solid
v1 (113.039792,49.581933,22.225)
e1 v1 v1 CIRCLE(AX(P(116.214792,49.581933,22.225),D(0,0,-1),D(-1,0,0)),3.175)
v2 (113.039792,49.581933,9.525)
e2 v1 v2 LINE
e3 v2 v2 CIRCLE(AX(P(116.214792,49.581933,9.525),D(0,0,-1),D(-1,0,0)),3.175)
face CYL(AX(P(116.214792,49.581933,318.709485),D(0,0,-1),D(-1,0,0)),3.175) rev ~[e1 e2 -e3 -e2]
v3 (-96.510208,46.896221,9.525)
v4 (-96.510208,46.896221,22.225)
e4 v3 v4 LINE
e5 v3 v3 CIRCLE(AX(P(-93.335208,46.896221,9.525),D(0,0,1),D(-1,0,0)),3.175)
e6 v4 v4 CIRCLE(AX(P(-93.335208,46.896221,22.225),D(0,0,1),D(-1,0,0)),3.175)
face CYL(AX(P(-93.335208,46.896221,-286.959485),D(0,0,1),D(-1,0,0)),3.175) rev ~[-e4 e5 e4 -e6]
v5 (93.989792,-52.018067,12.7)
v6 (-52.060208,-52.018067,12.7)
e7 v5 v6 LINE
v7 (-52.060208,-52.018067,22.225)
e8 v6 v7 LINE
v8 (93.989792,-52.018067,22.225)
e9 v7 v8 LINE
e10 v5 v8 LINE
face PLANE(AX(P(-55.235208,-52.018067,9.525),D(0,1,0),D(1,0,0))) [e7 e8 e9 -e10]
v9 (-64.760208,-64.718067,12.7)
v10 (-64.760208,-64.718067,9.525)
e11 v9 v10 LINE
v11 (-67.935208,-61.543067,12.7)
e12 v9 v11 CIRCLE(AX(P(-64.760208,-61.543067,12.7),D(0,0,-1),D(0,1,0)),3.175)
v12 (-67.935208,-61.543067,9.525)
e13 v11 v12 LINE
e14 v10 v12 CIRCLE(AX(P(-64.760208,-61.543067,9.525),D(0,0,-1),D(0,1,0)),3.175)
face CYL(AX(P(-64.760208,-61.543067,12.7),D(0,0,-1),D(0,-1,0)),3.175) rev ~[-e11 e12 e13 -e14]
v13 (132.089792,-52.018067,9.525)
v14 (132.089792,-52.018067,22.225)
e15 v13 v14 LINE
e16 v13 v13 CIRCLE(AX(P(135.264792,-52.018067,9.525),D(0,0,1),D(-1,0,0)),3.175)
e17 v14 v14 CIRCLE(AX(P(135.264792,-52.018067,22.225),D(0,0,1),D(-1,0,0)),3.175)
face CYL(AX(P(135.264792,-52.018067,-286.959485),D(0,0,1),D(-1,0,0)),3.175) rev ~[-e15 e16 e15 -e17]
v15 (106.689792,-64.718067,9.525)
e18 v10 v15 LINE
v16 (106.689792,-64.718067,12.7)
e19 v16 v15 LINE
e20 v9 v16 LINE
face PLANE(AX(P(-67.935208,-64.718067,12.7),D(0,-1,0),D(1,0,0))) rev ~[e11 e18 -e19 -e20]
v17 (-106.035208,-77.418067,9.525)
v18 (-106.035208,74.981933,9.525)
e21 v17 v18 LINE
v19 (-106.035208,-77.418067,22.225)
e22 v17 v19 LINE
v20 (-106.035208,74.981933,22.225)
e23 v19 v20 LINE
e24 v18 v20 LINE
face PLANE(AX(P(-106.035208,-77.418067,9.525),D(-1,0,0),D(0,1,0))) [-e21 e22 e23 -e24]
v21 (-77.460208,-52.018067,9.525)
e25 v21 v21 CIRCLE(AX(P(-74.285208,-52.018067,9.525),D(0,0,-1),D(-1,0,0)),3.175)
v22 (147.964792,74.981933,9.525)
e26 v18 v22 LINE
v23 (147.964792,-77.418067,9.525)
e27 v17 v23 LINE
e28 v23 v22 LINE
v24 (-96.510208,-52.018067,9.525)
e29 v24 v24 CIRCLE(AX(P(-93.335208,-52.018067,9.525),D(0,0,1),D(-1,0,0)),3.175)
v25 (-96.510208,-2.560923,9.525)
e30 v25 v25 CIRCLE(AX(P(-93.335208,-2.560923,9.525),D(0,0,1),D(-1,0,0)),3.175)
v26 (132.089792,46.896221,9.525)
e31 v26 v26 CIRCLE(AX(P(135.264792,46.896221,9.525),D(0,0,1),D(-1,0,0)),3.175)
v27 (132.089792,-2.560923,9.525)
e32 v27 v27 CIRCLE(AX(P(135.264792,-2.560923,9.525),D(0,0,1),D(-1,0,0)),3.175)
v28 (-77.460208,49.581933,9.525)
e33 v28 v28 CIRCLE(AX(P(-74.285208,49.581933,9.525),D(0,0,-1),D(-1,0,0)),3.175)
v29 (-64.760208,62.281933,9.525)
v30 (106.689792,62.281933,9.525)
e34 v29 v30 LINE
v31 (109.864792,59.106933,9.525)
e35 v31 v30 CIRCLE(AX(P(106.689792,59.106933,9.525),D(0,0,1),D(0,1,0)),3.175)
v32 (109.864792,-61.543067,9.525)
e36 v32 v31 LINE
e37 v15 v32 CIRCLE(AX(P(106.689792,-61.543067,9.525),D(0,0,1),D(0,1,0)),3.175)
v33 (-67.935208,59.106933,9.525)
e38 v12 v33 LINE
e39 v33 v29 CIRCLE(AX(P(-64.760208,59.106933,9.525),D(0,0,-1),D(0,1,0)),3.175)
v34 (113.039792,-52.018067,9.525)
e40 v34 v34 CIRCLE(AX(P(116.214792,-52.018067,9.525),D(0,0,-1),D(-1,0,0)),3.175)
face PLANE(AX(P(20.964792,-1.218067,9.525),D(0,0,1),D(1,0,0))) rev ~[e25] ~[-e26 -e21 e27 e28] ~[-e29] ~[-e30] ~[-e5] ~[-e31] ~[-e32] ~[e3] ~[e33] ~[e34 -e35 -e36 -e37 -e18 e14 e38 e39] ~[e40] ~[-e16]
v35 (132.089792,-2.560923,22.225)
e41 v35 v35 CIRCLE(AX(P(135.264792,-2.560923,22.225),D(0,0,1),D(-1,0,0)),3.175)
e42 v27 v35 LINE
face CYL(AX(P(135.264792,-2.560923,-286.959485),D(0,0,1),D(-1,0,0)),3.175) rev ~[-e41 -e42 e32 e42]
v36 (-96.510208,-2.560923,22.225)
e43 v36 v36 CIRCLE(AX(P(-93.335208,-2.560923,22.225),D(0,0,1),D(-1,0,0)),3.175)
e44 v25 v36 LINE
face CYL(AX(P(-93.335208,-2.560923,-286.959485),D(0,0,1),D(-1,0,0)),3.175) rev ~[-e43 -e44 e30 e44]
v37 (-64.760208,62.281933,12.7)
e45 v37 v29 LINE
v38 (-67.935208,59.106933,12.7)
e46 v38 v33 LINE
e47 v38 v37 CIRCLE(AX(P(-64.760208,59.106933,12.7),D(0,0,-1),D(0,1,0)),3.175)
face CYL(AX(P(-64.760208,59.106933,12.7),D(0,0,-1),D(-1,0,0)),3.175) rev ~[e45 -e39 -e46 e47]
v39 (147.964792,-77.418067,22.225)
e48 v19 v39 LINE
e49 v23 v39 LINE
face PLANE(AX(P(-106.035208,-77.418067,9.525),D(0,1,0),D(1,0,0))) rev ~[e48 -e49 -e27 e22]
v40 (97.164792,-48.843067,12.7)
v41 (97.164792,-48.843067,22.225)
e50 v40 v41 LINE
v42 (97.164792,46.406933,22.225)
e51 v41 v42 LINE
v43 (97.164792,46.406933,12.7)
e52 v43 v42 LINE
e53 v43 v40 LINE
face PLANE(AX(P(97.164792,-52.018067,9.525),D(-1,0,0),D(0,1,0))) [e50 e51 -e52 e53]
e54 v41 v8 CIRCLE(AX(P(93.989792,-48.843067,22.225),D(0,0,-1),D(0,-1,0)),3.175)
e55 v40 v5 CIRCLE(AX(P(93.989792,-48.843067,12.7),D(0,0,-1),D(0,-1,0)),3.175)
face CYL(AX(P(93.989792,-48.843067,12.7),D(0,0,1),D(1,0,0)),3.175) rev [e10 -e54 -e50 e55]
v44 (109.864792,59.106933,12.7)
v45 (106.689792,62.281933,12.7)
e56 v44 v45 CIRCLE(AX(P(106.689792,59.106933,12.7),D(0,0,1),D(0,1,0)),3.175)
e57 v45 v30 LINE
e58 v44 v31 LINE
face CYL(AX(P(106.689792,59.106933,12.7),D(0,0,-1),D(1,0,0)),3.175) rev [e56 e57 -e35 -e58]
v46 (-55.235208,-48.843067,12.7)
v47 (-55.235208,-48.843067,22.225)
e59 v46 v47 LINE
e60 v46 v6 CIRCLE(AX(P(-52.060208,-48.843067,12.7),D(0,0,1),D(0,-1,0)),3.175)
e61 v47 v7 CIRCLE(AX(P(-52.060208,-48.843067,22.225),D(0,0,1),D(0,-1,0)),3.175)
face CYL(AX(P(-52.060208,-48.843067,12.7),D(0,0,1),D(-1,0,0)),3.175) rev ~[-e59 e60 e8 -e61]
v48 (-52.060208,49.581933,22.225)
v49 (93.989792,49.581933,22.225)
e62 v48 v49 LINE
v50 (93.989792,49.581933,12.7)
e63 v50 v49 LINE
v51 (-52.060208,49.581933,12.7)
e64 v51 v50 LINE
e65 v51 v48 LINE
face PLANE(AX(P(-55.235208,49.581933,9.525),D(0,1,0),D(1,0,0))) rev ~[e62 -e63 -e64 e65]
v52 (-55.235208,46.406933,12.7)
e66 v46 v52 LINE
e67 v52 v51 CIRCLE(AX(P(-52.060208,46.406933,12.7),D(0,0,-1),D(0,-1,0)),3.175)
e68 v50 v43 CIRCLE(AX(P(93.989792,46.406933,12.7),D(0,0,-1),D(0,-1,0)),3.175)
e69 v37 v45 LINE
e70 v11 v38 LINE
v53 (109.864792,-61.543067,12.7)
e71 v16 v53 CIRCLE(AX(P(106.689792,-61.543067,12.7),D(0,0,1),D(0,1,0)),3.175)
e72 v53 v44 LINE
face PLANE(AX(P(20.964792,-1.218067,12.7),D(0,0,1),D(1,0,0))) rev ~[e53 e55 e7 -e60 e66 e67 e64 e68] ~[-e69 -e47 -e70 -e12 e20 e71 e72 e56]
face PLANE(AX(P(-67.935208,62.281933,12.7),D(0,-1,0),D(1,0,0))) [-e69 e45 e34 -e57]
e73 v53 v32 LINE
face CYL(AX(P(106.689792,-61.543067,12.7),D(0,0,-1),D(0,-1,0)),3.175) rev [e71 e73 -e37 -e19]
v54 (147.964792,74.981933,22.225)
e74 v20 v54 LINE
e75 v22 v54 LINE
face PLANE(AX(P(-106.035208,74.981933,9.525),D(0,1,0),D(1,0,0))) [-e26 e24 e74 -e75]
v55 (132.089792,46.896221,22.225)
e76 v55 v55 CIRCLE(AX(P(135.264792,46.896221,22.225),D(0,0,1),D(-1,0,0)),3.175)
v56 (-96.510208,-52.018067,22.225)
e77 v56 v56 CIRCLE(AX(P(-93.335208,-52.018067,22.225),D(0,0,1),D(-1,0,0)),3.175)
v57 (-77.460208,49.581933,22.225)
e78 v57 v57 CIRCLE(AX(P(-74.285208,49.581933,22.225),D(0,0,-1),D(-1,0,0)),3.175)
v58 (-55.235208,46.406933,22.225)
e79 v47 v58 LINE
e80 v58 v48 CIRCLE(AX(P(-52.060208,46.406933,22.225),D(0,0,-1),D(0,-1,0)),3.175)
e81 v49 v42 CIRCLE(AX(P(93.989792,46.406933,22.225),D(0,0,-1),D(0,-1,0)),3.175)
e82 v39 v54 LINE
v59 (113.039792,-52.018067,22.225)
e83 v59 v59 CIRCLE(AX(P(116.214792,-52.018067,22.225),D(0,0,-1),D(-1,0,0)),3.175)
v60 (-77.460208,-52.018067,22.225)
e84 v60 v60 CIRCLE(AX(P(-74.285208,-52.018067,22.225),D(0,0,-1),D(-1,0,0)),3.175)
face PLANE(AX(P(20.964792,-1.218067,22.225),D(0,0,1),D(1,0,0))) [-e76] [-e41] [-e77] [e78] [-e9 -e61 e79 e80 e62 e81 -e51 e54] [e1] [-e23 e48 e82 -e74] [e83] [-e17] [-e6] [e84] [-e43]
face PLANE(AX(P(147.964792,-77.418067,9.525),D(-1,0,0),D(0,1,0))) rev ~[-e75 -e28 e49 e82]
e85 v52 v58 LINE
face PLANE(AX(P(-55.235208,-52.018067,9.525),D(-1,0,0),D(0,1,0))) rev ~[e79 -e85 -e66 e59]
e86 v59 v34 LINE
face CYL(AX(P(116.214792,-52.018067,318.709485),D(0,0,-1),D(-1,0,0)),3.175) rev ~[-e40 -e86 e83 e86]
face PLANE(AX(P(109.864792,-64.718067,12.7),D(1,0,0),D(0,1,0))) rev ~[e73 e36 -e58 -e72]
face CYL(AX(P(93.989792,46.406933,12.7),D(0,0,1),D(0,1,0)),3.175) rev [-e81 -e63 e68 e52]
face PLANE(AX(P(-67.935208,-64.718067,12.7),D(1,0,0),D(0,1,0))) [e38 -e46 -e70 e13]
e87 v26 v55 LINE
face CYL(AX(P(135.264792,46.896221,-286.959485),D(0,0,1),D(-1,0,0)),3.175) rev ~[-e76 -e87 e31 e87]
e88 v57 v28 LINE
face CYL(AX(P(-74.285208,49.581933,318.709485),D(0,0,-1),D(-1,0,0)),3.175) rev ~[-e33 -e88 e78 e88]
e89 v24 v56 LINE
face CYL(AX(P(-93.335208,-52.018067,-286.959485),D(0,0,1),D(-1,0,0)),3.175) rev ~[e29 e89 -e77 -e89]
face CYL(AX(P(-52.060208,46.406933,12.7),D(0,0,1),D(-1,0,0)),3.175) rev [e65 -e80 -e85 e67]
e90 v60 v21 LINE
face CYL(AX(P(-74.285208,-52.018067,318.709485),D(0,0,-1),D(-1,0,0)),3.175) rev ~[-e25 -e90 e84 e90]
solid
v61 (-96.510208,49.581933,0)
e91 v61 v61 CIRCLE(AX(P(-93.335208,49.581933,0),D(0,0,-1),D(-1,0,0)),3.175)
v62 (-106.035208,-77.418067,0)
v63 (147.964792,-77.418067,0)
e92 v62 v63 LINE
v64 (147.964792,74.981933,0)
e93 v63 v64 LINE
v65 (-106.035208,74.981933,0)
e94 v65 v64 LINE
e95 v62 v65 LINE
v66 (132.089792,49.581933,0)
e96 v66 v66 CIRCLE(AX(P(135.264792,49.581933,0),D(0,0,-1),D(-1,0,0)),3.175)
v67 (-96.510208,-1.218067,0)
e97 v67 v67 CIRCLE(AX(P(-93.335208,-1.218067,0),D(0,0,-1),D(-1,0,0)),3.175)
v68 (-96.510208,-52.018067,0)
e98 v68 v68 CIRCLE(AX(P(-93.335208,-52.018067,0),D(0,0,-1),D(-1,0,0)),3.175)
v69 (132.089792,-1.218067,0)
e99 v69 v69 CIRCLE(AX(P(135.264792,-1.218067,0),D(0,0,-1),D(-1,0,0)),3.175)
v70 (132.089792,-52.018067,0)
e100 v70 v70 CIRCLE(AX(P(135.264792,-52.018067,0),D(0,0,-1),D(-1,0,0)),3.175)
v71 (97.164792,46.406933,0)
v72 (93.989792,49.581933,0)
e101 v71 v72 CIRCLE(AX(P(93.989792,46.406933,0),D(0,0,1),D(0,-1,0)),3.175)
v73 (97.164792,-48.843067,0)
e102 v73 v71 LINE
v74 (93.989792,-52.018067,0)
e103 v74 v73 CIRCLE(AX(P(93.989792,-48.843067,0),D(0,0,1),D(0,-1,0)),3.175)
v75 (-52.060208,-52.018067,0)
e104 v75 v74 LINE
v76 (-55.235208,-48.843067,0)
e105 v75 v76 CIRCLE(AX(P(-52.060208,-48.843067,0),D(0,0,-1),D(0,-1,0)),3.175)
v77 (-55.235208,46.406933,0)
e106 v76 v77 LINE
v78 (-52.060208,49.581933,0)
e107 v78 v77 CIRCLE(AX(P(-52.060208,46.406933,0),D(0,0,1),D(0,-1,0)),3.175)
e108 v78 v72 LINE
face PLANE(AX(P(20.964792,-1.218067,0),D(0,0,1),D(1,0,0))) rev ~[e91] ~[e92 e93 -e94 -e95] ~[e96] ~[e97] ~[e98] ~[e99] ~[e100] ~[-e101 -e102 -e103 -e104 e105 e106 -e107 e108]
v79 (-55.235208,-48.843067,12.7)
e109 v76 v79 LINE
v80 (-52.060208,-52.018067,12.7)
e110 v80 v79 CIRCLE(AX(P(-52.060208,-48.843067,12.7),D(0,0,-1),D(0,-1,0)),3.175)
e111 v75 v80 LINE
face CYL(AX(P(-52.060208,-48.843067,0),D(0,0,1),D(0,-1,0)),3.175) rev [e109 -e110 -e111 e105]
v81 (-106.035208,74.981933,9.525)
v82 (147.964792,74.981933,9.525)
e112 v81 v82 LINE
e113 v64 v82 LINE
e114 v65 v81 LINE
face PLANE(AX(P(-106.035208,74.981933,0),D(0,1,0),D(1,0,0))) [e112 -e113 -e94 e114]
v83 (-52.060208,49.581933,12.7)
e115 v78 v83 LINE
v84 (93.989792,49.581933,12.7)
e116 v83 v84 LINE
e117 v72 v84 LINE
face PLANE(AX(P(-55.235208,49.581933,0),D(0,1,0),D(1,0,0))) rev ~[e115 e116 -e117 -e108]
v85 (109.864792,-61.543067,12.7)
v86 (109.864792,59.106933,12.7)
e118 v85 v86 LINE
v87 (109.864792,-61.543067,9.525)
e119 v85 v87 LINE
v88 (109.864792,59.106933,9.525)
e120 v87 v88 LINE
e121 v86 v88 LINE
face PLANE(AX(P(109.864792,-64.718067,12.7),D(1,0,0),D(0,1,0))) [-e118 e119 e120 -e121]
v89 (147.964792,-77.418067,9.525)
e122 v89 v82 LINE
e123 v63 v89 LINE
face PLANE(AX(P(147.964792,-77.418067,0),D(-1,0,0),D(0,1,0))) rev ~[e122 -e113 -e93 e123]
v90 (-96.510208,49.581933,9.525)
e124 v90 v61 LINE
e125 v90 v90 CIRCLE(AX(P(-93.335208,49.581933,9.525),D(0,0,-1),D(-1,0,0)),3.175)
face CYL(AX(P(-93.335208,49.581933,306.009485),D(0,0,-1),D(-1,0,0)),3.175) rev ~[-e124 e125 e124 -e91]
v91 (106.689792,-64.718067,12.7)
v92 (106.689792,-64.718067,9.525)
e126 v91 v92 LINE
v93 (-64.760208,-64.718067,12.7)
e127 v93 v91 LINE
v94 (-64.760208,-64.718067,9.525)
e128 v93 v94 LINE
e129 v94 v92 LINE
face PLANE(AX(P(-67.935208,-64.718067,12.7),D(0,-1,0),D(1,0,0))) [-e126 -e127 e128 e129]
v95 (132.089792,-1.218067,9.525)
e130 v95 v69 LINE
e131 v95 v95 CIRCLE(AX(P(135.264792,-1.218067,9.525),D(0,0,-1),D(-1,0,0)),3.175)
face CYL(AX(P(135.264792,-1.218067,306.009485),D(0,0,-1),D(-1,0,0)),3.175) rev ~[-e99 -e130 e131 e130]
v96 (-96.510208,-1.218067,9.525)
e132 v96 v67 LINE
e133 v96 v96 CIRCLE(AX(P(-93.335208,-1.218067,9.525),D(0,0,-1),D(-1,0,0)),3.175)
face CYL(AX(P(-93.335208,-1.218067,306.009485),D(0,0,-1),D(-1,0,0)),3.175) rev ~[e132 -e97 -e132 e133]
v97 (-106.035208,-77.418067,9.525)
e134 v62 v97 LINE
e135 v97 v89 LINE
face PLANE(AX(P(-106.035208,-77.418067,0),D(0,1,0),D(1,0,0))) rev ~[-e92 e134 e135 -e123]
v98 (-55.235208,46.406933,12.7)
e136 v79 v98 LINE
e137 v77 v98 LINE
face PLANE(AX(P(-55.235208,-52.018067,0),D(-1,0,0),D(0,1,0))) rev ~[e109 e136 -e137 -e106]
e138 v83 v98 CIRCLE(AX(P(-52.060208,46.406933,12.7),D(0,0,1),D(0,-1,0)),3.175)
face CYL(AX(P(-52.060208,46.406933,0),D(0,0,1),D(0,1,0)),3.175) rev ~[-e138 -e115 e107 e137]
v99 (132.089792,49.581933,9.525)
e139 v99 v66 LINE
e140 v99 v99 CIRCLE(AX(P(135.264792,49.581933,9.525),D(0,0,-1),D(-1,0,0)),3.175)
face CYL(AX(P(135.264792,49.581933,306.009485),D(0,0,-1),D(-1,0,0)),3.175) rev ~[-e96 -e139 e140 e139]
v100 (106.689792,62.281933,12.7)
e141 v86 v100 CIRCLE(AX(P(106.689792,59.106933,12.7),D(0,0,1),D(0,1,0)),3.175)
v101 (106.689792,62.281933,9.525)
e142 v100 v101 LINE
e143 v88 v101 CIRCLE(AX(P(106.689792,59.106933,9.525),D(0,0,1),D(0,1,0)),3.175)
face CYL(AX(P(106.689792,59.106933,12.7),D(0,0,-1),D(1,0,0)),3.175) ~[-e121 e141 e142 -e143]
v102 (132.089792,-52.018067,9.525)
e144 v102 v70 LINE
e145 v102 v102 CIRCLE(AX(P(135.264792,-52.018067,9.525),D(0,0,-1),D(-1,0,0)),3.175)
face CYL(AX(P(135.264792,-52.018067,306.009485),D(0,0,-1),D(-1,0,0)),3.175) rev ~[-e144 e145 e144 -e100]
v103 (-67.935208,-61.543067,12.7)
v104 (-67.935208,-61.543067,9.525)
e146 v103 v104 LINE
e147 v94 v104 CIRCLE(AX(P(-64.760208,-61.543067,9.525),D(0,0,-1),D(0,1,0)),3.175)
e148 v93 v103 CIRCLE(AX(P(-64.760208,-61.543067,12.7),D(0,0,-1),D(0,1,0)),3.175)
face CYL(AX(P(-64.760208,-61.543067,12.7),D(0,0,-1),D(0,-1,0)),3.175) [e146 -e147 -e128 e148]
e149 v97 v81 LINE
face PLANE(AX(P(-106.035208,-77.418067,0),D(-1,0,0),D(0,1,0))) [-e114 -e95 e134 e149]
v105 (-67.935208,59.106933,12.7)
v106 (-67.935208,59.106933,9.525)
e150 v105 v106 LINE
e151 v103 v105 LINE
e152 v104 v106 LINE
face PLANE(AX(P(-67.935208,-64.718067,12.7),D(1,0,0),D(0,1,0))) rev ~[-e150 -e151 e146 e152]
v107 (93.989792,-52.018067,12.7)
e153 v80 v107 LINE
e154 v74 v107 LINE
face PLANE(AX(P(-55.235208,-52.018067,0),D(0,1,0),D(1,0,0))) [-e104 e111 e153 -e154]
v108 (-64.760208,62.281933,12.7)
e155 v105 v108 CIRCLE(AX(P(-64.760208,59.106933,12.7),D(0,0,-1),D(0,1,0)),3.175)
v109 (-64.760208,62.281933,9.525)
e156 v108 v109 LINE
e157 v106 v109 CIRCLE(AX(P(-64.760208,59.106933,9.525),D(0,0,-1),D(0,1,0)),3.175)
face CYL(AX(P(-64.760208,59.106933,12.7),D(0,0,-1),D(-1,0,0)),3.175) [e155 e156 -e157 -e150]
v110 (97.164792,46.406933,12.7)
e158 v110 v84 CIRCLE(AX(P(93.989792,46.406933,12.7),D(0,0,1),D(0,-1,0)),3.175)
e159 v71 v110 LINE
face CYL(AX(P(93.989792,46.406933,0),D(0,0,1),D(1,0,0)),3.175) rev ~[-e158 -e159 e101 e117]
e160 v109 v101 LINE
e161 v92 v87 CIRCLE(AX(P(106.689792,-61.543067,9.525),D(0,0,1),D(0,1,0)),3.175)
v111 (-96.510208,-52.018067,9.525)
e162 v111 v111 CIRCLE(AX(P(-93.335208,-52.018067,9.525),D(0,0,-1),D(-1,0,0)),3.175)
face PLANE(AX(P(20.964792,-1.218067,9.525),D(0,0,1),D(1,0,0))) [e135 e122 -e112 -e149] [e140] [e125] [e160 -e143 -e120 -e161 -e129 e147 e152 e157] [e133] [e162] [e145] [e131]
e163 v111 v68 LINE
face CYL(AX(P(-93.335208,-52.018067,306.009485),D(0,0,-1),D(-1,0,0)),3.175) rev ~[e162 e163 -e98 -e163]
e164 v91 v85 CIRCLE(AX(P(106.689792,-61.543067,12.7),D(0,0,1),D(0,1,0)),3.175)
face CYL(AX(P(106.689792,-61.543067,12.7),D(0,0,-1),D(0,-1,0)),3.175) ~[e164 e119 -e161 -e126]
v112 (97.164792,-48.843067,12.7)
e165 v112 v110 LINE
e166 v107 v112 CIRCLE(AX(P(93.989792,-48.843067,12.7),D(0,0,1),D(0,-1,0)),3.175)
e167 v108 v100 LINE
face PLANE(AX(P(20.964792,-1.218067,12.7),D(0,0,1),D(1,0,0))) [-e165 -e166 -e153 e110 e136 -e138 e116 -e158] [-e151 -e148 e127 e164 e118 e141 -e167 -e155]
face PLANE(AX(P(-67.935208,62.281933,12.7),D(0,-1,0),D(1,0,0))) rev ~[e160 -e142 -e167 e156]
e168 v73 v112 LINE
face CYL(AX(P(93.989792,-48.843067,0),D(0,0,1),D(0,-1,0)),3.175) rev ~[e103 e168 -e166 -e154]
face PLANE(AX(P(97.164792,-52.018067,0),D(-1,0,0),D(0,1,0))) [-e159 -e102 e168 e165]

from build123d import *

# Parameters (mm, degrees)
F0_W     = 254
F0_H     = 152.4
F0_W_2   = 152.4
F0_H_2   = 101.6
F1_DEPTH = 12.7
F2_W     = 254
F2_H     = 152.4
F2_W_2   = 177.8
F2_H_2   = 127
F3_DEPTH = 3.175
F4_R     = 3.175
F6_D     = 6.35
F7_R     = 3.175
F8_W     = 254
F8_H     = 152.4
F8_W_2   = 152.4
F8_H_2   = 101.6
F9_DEPTH = 12.7
F11_R    = 3.175
F13_D    = 6.35
F15_D    = 6.35


with BuildPart() as f1:
    # F0 (on Top) → F1 (new body)
    with BuildSketch(Plane.XY):
        with Locations((20.9647924063, -1.2180674821)):
            Rectangle(F0_W, F0_H)
        with Locations((20.9647924063, -1.2180674821)):
            Rectangle(F0_W_2, F0_H_2, mode=Mode.SUBTRACT)
    extrude(amount=F1_DEPTH)

    # F2 (on face) → F3 (cut)
    with BuildSketch(Plane.XY.offset(12.7)):
        with Locations((20.9647924063, -1.2180674821)):
            Rectangle(F2_W, F2_H)
        with Locations((20.9647924063, -1.2180674821)):
            Rectangle(F2_W_2, F2_H_2, mode=Mode.SUBTRACT)
    extrude(amount=-F3_DEPTH, mode=Mode.SUBTRACT)

    # F4
    f4_edges = [f1.edges().sort_by_distance(p)[0] for p in [
        (-55.235208, 49.581933, 6.35),
        (-55.235208, -52.018067, 6.35),
        (97.164792, -52.018067, 6.35),
        (97.164792, 49.581933, 6.35),
    ]]
    fillet(f4_edges, radius=F4_R)

    # F6 (through all)
    with Locations(Plane.XY.offset(9.525)):
        with Locations((135.2647924063, 49.5819325179), (135.2647924063, -1.2180674821), (135.2647924063, -52.0180674821), (-93.3352075937, -1.2180674821), (-93.3352075937, -52.0180674821), (-93.3352075937, 49.5819325179)):
            Hole(F6_D / 2)

    # F7
    f7_edges = [f1.edges().sort_by_distance(p)[0] for p in [
        (109.864792, 62.281933, 11.1125),
        (-67.935208, 62.281933, 11.1125),
        (-67.935208, -64.718067, 11.1125),
        (109.864792, -64.718067, 11.1125),
    ]]
    fillet(f7_edges, radius=F7_R)


with BuildPart() as f9:
    # F8 (on face) → F9 (new body)
    with BuildSketch(Plane.XY.offset(9.525)):
        with Locations((20.9647924063, -1.2180674821)):
            Rectangle(F8_W, F8_H)
        with Locations((20.9647924063, -1.2180674821)):
            Rectangle(F8_W_2, F8_H_2, mode=Mode.SUBTRACT)
    extrude(amount=F9_DEPTH)

    # F10: cut F1
    add(f1.part, mode=Mode.SUBTRACT)

    # F11
    f11_edges = [f9.edges().sort_by_distance(p)[0] for p in [
        (97.164792, -52.018067, 17.4625),
        (97.164792, 49.581933, 17.4625),
        (-55.235208, 49.581933, 17.4625),
        (-55.235208, -52.018067, 17.4625),
    ]]
    fillet(f11_edges, radius=F11_R)

    # F13 (through all)
    with Locations(Plane(origin=(0, 0, 9.525), x_dir=(1, 0, 0), z_dir=(0, 0, -1))):
        with Locations((-93.3352075937, 52.0180674821), (-93.3352075937, 2.5609232888), (-93.3352075937, -46.8962209046), (135.2647924063, 52.0180674821), (135.2647924063, 2.5609232888), (135.2647924063, -46.8962209046)):
            Hole(F13_D / 2)

    # F15 (through all)
    with Locations(Plane.XY.offset(22.225)):
        with Locations((-74.2852075937, 49.5819325179), (-74.2852075937, -52.0180674821), (116.2147924063, -52.0180674821), (116.2147924063, 49.5819325179)):
            Hole(F15_D / 2)


solid = Compound([f1.part, f9.part])
